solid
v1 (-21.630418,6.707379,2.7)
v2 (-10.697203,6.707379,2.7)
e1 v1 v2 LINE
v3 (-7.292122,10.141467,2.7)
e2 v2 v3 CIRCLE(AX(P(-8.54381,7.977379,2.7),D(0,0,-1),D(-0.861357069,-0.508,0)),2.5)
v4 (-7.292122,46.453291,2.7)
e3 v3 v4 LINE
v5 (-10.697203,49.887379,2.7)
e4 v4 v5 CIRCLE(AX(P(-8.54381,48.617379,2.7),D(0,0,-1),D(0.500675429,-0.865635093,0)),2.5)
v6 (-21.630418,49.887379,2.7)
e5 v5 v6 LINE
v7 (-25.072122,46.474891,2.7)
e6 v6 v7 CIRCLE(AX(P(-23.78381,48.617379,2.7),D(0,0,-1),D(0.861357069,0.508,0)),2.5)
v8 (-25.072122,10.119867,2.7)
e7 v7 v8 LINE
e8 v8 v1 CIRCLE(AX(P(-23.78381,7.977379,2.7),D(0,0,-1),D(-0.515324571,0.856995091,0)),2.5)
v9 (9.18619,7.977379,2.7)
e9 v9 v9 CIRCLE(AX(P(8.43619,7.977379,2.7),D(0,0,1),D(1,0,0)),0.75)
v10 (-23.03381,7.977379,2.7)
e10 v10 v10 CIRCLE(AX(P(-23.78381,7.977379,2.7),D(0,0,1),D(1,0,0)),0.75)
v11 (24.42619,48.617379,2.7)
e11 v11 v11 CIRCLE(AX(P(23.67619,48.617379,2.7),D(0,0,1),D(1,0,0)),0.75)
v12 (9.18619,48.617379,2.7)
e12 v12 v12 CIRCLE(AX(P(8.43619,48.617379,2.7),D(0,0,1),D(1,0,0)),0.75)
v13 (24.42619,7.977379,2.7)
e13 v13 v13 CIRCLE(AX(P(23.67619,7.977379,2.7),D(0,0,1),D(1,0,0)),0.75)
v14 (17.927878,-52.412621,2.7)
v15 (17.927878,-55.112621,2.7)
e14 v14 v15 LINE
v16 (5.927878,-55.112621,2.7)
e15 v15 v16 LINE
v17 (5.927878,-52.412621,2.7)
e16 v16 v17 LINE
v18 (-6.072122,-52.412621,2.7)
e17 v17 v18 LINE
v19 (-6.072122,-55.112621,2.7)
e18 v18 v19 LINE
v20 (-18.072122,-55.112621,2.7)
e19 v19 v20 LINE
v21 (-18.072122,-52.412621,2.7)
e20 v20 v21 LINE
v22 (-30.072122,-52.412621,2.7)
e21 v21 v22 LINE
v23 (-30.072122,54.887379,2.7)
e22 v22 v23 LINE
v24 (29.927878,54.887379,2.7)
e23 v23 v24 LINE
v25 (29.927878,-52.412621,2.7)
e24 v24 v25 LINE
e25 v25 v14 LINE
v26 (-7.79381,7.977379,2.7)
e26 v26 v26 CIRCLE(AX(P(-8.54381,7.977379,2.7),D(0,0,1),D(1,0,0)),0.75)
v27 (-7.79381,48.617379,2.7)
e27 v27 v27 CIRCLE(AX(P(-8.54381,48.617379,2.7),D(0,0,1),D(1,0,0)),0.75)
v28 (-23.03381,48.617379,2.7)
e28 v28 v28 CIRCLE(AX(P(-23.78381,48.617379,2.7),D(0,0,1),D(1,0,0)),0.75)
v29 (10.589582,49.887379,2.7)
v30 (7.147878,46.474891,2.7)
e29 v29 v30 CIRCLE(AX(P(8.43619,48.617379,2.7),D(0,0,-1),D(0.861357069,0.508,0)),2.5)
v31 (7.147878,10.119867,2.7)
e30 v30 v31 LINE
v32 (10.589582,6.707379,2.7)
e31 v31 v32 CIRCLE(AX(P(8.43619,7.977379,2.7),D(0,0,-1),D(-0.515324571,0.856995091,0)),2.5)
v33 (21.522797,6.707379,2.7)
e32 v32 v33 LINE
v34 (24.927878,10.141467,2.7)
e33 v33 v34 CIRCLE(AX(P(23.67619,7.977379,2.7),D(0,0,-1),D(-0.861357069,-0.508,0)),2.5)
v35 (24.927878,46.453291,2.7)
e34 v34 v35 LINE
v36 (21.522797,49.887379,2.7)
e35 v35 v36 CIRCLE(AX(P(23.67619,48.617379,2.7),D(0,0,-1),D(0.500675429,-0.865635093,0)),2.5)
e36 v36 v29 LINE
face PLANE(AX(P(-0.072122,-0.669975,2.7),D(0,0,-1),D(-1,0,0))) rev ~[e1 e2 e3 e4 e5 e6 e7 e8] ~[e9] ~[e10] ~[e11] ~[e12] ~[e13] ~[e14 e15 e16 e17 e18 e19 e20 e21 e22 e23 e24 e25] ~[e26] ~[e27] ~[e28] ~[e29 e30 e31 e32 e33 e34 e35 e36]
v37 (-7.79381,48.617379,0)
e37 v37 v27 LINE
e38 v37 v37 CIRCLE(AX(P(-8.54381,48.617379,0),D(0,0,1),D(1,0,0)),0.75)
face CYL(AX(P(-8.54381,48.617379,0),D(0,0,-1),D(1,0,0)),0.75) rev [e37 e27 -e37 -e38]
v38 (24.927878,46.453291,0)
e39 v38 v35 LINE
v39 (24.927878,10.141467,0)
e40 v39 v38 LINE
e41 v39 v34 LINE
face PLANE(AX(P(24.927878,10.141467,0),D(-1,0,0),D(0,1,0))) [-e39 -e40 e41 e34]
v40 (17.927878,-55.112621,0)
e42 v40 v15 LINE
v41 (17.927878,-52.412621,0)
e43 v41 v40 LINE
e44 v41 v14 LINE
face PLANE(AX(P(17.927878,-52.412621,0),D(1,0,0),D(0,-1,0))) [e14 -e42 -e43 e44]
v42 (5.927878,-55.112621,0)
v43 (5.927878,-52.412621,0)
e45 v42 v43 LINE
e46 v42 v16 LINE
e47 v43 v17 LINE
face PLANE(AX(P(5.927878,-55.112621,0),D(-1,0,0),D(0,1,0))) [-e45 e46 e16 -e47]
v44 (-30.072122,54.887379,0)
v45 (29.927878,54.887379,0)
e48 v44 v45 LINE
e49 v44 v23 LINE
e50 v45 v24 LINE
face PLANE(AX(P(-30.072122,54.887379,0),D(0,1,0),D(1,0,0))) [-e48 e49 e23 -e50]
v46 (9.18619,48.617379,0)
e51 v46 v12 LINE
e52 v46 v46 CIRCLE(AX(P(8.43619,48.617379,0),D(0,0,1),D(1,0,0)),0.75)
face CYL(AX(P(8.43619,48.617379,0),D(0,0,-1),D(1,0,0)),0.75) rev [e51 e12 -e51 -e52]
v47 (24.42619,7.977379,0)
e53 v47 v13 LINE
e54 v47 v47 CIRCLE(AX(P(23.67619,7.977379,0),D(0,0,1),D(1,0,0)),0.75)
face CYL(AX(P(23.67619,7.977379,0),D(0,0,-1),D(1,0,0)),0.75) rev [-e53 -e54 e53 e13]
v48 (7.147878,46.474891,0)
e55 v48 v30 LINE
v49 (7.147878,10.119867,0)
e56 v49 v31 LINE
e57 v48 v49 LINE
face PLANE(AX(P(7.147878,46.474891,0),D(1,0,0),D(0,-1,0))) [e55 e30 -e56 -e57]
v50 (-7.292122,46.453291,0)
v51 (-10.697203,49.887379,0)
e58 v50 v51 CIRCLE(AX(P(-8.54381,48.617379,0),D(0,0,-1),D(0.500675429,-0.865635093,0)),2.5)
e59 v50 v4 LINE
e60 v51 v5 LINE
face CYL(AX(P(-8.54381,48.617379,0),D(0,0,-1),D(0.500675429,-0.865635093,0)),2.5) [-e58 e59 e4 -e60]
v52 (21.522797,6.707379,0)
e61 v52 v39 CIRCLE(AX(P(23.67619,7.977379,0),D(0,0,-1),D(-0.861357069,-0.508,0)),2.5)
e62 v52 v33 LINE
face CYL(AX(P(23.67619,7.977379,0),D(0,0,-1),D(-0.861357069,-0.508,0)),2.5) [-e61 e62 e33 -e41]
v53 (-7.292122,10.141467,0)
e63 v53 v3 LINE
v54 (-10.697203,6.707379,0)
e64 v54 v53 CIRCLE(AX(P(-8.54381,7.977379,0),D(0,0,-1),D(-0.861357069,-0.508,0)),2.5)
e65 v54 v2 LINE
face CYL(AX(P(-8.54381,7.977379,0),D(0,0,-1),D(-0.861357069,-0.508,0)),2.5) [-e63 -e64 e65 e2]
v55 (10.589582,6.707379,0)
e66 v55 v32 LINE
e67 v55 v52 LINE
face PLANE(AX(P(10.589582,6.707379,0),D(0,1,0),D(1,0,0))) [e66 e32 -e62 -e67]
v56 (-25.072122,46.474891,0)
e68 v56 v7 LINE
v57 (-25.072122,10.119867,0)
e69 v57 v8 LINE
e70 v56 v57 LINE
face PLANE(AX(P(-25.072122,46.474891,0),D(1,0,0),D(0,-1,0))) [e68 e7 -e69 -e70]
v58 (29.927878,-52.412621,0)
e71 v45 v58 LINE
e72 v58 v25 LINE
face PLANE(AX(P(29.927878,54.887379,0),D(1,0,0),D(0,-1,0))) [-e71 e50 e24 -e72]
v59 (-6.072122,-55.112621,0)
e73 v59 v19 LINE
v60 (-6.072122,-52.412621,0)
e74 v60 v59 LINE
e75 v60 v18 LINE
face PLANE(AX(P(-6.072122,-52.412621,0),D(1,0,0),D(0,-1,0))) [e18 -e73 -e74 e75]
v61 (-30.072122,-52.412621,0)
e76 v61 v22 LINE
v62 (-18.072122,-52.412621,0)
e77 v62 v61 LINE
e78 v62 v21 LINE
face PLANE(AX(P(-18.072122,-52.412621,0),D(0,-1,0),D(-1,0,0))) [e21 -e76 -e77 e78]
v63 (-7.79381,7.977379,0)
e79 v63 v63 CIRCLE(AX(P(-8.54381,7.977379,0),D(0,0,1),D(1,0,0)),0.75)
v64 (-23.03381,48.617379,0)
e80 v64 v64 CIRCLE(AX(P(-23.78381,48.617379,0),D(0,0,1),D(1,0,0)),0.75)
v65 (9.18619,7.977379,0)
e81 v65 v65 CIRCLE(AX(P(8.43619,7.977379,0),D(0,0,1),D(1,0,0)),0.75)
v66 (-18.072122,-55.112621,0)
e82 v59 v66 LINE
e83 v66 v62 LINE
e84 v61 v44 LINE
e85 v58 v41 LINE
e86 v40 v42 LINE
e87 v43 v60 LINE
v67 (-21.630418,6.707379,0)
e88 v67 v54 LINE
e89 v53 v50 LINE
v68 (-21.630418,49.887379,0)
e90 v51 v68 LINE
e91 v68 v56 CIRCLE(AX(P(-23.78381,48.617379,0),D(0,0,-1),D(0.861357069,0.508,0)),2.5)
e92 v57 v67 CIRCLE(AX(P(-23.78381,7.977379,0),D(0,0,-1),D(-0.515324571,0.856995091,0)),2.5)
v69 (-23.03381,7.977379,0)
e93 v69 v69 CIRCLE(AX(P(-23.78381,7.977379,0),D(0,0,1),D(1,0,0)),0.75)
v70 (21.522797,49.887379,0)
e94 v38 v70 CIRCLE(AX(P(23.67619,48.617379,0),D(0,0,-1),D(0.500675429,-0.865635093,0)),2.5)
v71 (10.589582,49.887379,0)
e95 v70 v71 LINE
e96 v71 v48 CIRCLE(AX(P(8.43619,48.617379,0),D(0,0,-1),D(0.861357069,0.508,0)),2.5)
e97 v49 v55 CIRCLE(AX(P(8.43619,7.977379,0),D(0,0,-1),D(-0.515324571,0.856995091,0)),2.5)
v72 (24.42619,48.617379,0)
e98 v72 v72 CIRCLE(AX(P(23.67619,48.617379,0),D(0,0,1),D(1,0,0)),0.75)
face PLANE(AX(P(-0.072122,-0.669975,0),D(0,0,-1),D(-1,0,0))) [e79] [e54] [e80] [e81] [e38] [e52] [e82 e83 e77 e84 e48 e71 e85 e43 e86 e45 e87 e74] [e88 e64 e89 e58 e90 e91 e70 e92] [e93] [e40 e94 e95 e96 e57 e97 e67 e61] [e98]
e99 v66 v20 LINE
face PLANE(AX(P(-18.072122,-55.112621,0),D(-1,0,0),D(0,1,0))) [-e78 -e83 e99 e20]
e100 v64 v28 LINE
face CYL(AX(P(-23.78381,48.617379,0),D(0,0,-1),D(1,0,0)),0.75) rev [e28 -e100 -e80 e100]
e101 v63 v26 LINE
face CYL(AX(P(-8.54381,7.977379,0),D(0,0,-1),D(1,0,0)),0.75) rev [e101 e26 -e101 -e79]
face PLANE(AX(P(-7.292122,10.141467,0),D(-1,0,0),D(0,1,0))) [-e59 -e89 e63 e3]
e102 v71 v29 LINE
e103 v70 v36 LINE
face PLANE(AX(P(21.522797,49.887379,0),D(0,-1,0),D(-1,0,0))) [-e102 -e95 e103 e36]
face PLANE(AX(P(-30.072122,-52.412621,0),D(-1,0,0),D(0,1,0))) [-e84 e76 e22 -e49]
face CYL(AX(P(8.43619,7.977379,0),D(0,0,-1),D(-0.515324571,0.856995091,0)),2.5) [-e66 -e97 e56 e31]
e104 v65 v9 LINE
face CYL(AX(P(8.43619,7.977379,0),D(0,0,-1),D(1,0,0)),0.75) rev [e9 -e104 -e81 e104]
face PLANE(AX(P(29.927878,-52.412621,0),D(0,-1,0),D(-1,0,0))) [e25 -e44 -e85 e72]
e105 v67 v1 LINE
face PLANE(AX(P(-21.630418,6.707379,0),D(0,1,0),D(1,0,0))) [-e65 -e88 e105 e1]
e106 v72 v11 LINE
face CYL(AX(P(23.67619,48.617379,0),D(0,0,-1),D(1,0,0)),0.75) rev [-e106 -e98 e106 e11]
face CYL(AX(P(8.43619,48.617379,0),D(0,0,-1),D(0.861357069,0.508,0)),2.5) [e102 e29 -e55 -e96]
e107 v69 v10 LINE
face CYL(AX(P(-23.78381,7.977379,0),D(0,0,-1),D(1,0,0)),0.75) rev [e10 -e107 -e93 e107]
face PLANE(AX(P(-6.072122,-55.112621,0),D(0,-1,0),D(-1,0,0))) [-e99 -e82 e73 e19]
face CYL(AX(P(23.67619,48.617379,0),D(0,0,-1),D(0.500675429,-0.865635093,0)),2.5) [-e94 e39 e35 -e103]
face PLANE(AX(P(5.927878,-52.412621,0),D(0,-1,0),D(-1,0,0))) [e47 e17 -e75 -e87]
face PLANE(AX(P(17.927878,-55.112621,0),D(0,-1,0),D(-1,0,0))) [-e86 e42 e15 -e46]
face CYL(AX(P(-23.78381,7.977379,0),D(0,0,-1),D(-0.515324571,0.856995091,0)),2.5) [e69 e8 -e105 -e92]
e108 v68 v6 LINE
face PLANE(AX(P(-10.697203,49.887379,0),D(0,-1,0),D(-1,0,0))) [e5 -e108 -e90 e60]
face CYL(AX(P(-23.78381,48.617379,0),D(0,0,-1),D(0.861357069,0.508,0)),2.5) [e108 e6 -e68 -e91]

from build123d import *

# Parameters (mm, degrees)
SKETCH1_R           = 0.75
BOSS_EXTRUDE1_DEPTH = 2.7


with BuildPart() as part:
    # Sketch1 → Boss-Extrude1 (new body)
    with BuildSketch(Plane.XY):
        Polygon((-30.072121707, -52.412620775), (-30.072121707, 54.887379225), (29.927878293, 54.887379225), (29.927878293, -52.412620775), (17.927878293, -52.412620775), (17.927878293, -55.112620775), (5.927878293, -55.112620775), (5.927878293, -52.412620775), (-6.072121707, -52.412620775), (-6.072121707, -55.112620775), (-18.072121707, -55.112620775), (-18.072121707, -52.412620775), align=None)
        with Locations((-8.543810279, 48.617379225)):
            Circle(SKETCH1_R, mode=Mode.SUBTRACT)
        with Locations((-8.543810279, 7.977379225)):
            Circle(SKETCH1_R, mode=Mode.SUBTRACT)
        with Locations((-23.783810279, 7.977379225)):
            Circle(SKETCH1_R, mode=Mode.SUBTRACT)
        with Locations((-23.783810279, 48.617379225)):
            Circle(SKETCH1_R, mode=Mode.SUBTRACT)
        with Locations((23.676189721, 48.617379225)):
            Circle(SKETCH1_R, mode=Mode.SUBTRACT)
        with Locations((23.676189721, 7.977379225)):
            Circle(SKETCH1_R, mode=Mode.SUBTRACT)
        with Locations((8.436189721, 7.977379225)):
            Circle(SKETCH1_R, mode=Mode.SUBTRACT)
        with Locations((8.436189721, 48.617379225)):
            Circle(SKETCH1_R, mode=Mode.SUBTRACT)
        with BuildLine():
            Line((-10.697202951, 49.887379225), (-21.630417607, 49.887379225))
            ThreePointArc((-21.630417607, 49.887379225), (-22.023594521, 46.842093195), (-25.072121707, 46.474891496))
            Line((-25.072121707, 46.474891496), (-25.072121707, 10.119866953))
            ThreePointArc((-25.072121707, 10.119866953), (-22.023594521, 9.752665254), (-21.630417607, 6.707379225))
            Line((-21.630417607, 6.707379225), (-10.697202951, 6.707379225))
            ThreePointArc((-10.697202951, 6.707379225), (-10.319058772, 9.73763284), (-7.292121707, 10.141466958))
            Line((-7.292121707, 10.141466958), (-7.292121707, 46.453291491))
            ThreePointArc((-7.292121707, 46.453291491), (-10.319058772, 46.85712561), (-10.697202951, 49.887379225))
        make_face(mode=Mode.SUBTRACT)
        with BuildLine():
            Line((21.522797049, 49.887379225), (10.589582393, 49.887379225))
            ThreePointArc((10.589582393, 49.887379225), (10.196405479, 46.842093195), (7.147878293, 46.474891496))
            Line((7.147878293, 46.474891496), (7.147878293, 10.119866953))
            ThreePointArc((7.147878293, 10.119866953), (10.196405479, 9.752665254), (10.589582393, 6.707379225))
            Line((10.589582393, 6.707379225), (21.522797049, 6.707379225))
            ThreePointArc((21.522797049, 6.707379225), (21.900941228, 9.73763284), (24.927878293, 10.141466958))
            Line((24.927878293, 10.141466958), (24.927878293, 46.453291491))
            ThreePointArc((24.927878293, 46.453291491), (21.900941228, 46.85712561), (21.522797049, 49.887379225))
        make_face(mode=Mode.SUBTRACT)
    extrude(amount=BOSS_EXTRUDE1_DEPTH)


solid = part.part
